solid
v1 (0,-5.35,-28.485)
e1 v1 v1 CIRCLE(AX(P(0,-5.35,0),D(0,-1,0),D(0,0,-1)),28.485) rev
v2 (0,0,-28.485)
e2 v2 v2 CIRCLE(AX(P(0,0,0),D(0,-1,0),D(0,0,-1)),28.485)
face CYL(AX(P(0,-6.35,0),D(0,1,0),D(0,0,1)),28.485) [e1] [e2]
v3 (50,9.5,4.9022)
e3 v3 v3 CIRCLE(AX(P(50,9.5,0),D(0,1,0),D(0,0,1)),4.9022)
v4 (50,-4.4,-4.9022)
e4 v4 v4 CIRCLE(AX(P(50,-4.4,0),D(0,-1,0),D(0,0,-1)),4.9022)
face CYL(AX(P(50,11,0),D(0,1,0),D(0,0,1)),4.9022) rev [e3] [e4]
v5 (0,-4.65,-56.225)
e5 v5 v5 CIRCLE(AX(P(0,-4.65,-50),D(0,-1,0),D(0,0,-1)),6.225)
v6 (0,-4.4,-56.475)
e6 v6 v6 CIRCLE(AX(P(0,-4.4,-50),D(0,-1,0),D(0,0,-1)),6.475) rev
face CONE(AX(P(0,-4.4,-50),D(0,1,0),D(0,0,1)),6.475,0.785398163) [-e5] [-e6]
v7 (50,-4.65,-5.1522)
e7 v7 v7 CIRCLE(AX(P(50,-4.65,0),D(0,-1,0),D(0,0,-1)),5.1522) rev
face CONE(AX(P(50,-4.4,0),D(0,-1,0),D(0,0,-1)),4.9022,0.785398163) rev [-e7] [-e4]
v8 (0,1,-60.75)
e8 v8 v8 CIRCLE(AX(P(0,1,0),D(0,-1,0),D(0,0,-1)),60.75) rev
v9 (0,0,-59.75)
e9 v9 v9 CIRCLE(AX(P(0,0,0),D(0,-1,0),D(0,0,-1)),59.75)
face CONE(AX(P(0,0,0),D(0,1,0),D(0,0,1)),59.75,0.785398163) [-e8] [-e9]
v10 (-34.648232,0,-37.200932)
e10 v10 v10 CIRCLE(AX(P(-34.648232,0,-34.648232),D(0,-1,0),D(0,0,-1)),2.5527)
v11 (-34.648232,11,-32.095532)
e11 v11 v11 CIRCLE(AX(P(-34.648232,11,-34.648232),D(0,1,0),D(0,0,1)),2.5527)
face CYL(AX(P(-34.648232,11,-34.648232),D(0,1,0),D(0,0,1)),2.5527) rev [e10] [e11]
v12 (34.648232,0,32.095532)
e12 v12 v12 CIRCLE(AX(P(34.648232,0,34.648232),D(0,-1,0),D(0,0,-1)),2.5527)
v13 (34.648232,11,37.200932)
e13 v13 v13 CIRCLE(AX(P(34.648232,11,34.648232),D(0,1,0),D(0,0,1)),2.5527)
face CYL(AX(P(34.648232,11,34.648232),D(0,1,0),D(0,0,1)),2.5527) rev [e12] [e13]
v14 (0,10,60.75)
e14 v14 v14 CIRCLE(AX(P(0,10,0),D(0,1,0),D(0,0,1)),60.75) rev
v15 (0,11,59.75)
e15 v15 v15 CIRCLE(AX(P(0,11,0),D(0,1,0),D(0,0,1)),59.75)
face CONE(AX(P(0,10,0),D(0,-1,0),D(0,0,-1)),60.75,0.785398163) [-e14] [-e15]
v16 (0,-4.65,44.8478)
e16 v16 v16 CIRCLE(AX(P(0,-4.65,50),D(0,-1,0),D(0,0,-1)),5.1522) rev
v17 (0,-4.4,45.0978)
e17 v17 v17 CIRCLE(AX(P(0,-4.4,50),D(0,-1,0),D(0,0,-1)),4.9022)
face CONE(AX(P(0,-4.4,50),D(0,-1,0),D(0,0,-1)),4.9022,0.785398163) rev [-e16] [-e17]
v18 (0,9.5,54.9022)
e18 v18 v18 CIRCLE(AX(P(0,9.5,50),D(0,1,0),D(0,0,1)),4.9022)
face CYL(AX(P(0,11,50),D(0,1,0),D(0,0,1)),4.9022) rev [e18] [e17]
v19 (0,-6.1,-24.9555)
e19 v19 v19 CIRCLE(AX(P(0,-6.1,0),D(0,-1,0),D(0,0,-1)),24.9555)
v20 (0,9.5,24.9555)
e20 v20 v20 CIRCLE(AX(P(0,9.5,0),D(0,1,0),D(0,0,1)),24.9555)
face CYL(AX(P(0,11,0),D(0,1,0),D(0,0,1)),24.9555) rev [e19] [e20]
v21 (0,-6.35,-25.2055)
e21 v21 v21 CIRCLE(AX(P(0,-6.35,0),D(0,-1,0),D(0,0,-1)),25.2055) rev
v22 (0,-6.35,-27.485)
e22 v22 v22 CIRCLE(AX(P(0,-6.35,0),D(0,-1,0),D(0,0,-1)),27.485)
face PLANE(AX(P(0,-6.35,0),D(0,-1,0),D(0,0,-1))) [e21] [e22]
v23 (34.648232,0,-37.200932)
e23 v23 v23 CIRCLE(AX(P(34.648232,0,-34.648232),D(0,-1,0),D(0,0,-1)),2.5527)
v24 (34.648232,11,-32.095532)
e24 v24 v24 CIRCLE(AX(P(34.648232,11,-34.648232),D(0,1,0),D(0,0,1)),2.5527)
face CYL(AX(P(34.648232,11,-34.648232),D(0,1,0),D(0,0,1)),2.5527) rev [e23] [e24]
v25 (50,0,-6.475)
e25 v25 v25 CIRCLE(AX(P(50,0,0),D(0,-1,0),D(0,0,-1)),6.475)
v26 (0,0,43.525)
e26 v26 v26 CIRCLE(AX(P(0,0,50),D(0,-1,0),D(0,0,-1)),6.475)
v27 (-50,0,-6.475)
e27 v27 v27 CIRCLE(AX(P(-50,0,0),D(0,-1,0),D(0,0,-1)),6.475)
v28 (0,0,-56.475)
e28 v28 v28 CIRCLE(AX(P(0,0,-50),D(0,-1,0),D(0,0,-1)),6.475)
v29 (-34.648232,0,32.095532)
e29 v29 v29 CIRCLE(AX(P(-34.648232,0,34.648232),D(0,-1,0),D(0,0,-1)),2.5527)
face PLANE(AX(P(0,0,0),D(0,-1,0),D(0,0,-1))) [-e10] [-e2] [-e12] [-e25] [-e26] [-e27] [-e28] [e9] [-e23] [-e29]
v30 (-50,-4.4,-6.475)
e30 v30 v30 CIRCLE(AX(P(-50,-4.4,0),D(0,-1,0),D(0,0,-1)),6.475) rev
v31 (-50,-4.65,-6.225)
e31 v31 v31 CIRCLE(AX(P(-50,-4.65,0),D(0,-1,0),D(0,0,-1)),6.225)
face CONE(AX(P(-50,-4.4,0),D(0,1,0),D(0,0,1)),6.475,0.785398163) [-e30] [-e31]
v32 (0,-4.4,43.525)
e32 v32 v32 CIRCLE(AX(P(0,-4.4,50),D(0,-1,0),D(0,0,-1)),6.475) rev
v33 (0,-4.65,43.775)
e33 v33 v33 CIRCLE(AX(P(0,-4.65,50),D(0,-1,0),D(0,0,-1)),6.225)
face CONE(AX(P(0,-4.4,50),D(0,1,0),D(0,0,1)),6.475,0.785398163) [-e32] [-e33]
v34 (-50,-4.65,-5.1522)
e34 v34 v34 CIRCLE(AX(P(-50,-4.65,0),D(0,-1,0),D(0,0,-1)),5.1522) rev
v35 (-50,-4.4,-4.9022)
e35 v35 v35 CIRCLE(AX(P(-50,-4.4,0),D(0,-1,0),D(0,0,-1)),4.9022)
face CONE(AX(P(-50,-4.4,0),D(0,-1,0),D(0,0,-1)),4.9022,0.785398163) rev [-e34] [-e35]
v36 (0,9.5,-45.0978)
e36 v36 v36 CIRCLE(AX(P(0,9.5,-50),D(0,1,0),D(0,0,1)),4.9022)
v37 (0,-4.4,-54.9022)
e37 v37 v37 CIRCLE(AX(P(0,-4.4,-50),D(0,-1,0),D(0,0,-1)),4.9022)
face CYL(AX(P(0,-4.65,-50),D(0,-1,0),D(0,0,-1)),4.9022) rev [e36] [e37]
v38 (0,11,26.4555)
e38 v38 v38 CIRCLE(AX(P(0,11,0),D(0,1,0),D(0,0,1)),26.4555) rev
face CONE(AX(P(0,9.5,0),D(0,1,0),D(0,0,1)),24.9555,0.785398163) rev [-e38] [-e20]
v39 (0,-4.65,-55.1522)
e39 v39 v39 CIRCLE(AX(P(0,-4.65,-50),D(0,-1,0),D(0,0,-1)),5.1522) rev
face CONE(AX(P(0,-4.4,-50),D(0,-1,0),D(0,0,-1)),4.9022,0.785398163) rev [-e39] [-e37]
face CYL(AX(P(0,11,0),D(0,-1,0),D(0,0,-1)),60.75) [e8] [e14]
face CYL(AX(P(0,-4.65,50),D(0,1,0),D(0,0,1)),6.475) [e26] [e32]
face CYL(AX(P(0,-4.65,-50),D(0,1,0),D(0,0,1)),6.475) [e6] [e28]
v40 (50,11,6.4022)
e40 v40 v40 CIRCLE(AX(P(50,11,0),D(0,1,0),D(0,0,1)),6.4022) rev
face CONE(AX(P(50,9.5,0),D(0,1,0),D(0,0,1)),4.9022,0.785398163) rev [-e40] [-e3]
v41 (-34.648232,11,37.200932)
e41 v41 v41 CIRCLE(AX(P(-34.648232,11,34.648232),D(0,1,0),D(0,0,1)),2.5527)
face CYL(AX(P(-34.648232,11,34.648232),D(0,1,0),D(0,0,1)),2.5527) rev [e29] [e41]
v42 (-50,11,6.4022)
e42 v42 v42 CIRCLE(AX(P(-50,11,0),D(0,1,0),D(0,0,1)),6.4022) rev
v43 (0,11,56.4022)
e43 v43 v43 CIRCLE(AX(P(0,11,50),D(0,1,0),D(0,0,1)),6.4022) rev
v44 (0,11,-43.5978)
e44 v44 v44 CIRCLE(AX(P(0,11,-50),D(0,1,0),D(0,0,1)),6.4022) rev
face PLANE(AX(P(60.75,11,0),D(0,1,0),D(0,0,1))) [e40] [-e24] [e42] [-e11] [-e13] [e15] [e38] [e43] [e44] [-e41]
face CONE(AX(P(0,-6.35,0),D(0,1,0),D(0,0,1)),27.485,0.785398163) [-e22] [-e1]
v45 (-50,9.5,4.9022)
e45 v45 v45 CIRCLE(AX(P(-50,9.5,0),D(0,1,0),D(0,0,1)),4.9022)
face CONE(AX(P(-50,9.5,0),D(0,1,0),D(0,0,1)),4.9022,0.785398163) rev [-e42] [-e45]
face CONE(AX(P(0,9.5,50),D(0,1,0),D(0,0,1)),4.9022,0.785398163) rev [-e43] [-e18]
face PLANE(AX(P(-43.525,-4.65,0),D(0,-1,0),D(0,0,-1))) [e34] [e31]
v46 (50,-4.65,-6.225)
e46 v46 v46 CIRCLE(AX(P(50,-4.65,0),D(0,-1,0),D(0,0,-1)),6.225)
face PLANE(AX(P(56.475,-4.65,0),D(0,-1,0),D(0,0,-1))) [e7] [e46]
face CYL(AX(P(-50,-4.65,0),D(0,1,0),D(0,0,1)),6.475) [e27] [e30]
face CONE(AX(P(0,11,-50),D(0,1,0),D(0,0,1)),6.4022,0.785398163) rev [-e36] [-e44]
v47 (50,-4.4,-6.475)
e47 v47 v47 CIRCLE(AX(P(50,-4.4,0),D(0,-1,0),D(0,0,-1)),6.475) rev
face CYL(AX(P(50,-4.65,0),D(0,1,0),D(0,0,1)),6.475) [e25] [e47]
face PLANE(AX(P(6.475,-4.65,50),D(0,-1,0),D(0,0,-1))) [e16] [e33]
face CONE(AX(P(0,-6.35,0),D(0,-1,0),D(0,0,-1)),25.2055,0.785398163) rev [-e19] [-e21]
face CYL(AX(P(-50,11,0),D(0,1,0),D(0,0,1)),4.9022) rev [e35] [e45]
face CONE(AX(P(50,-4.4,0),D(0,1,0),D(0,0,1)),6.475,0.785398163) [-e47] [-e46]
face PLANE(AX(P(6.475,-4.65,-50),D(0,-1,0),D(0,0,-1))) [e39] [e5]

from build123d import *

# Parameters (mm, degrees)
SKETCH1_W                = 60.75
SKETCH1_H                = 11
SKETCH2_R                = 28.485
BOSS_EXTRUDE1_DEPTH      = 6.35
SKETCH3_W                = 6.475
SKETCH3_H                = 4.65
SKETCH4_W                = 6.475
SKETCH4_H                = 4.65
SKETCH5_W                = 6.475
SKETCH5_H                = 4.65
SKETCH6_W                = 6.475
SKETCH6_H                = 4.65
HOLE1_D                  = 5.1054
HOLE1_DEPTH              = 17.35
M8_CLEARANCE_HOLE1_D     = 9.8044
M8_CLEARANCE_HOLE1_DEPTH = 17.35
M45_CLEARANCE_HOLE1_D    = 49.911
M8_CLEARANCE_HOLE2_D     = 9.8044
CHAMFER1_SIZE            = 0.25
CHAMFER2_SIZE            = 1
CHAMFER3_SIZE            = 1.5


with BuildPart() as part:
    # Sketch1 → Revolve1 (revolve)
    with BuildSketch(Plane.XY, mode=Mode.PRIVATE) as revolve1_sk:
        with Locations((30.375, 5.5)):
            Rectangle(SKETCH1_W, SKETCH1_H)
    revolve(revolve1_sk.sketch.rotate(Axis((0, 11, 0), (0, -1, 0)), 270), axis=Axis((0, 11, 0), (0, -1, 0)))

    # Sketch2 → Boss-Extrude1 (add)
    with BuildSketch(Plane.XZ):
        with Locations(Location((0, 0, 0), (0, 0, 270))):
            Circle(SKETCH2_R)
    extrude(amount=BOSS_EXTRUDE1_DEPTH)

    # Sketch3 → Revolve2 (revolve)
    with BuildSketch(Plane(origin=(0, 0, 0), x_dir=(-1, 0, 0), z_dir=(0, 0, -1)), mode=Mode.PRIVATE) as revolve2_sk:
        with Locations((46.7625, -2.325)):
            Rectangle(SKETCH3_W, SKETCH3_H)
    revolve(revolve2_sk.sketch.rotate(Axis((-50, -4.65, 0), (0, 1, 0)), 270), axis=Axis((-50, -4.65, 0), (0, 1, 0)))

    # Sketch4 → Revolve3 (revolve)
    with BuildSketch(Plane(origin=(0, 0, -50), x_dir=(-1, 0, 0), z_dir=(0, 0, -1)), mode=Mode.PRIVATE) as revolve3_sk:
        with Locations((-3.2375, -2.325)):
            Rectangle(SKETCH4_W, SKETCH4_H)
    revolve(revolve3_sk.sketch.rotate(Axis((0, -4.65, -50), (0, 1, 0)), 270), axis=Axis((0, -4.65, -50), (0, 1, 0)))

    # Sketch5 → Revolve4 (revolve)
    with BuildSketch(Plane(origin=(0, 0, 0), x_dir=(-1, 0, 0), z_dir=(0, 0, -1)), mode=Mode.PRIVATE) as revolve4_sk:
        with Locations((-53.2375, -2.325)):
            Rectangle(SKETCH5_W, SKETCH5_H)
    revolve(revolve4_sk.sketch.rotate(Axis((50, -4.65, 0), (0, 1, 0)), 270), axis=Axis((50, -4.65, 0), (0, 1, 0)))

    # Sketch6 → Revolve5 (revolve)
    with BuildSketch(Plane(origin=(0, 0, 50), x_dir=(-1, 0, 0), z_dir=(0, 0, -1)), mode=Mode.PRIVATE) as revolve5_sk:
        with Locations((-3.2375, -2.325)):
            Rectangle(SKETCH6_W, SKETCH6_H)
    revolve(revolve5_sk.sketch.rotate(Axis((0, -4.65, 50), (0, 1, 0)), 270), axis=Axis((0, -4.65, 50), (0, 1, 0)))

    # Hole1
    with Locations(Plane(origin=(0, 11, 0), x_dir=(1, 0, 0), z_dir=(0, 1, 0))):
        with Locations((-34.648232278, -34.648232278), (34.648232278, -34.648232278), (34.648232278, 34.648232278), (-34.648232278, 34.648232278)):
            Hole(HOLE1_D / 2, depth=HOLE1_DEPTH)

    # M8 Clearance Hole1
    with Locations(Plane(origin=(0, 11, 0), x_dir=(1, 0, 0), z_dir=(0, 1, 0))):
        with Locations((50, 0), (0, -50), (-50, 0)):
            Hole(M8_CLEARANCE_HOLE1_D / 2, depth=M8_CLEARANCE_HOLE1_DEPTH)

    # M45 Clearance Hole1 (through all)
    with Locations(Plane(origin=(0, 11, 0), x_dir=(1, 0, 0), z_dir=(0, 1, 0))):
        with Locations((0, 0)):
            Hole(M45_CLEARANCE_HOLE1_D / 2)

    # M8 Clearance Hole2 (through all)
    with Locations(Plane(origin=(0, -4.65, 0), x_dir=(-1, 0, 0), z_dir=(0, -1, 0))):
        with Locations((0, 50)):
            Hole(M8_CLEARANCE_HOLE2_D / 2)

    # Chamfer1
    chamfer1_edges = [part.edges().sort_by_distance(p)[0] for p in [
        (-50, -4.65, -6.475),
        (0, -4.65, -56.475),
        (50, -4.65, -6.475),
        (0, -4.65, 43.525),
        (-45.0978, -4.65, 0),
        (4.9022, -4.65, 50),
        (54.9022, -4.65, 0),
        (24.9555, -6.35, 0),
        (-4.9022, -4.65, -50),
    ]]
    chamfer(chamfer1_edges, length=CHAMFER1_SIZE)

    # Chamfer2
    chamfer2_edges = [part.edges().sort_by_distance(p)[0] for p in [
        (0, -6.35, 28.485),
        (0, 0, 60.75),
        (0, 11, 60.75),
    ]]
    chamfer(chamfer2_edges, length=CHAMFER2_SIZE)

    # Chamfer3
    chamfer3_edges = [part.edges().sort_by_distance(p)[0] for p in [
        (-45.0978, 11, 0),
        (4.9022, 11, 50),
        (54.9022, 11, 0),
        (24.9555, 11, 0),
        (-4.9022, 11, -50),
    ]]
    chamfer(chamfer3_edges, length=CHAMFER3_SIZE)


solid = part.part
